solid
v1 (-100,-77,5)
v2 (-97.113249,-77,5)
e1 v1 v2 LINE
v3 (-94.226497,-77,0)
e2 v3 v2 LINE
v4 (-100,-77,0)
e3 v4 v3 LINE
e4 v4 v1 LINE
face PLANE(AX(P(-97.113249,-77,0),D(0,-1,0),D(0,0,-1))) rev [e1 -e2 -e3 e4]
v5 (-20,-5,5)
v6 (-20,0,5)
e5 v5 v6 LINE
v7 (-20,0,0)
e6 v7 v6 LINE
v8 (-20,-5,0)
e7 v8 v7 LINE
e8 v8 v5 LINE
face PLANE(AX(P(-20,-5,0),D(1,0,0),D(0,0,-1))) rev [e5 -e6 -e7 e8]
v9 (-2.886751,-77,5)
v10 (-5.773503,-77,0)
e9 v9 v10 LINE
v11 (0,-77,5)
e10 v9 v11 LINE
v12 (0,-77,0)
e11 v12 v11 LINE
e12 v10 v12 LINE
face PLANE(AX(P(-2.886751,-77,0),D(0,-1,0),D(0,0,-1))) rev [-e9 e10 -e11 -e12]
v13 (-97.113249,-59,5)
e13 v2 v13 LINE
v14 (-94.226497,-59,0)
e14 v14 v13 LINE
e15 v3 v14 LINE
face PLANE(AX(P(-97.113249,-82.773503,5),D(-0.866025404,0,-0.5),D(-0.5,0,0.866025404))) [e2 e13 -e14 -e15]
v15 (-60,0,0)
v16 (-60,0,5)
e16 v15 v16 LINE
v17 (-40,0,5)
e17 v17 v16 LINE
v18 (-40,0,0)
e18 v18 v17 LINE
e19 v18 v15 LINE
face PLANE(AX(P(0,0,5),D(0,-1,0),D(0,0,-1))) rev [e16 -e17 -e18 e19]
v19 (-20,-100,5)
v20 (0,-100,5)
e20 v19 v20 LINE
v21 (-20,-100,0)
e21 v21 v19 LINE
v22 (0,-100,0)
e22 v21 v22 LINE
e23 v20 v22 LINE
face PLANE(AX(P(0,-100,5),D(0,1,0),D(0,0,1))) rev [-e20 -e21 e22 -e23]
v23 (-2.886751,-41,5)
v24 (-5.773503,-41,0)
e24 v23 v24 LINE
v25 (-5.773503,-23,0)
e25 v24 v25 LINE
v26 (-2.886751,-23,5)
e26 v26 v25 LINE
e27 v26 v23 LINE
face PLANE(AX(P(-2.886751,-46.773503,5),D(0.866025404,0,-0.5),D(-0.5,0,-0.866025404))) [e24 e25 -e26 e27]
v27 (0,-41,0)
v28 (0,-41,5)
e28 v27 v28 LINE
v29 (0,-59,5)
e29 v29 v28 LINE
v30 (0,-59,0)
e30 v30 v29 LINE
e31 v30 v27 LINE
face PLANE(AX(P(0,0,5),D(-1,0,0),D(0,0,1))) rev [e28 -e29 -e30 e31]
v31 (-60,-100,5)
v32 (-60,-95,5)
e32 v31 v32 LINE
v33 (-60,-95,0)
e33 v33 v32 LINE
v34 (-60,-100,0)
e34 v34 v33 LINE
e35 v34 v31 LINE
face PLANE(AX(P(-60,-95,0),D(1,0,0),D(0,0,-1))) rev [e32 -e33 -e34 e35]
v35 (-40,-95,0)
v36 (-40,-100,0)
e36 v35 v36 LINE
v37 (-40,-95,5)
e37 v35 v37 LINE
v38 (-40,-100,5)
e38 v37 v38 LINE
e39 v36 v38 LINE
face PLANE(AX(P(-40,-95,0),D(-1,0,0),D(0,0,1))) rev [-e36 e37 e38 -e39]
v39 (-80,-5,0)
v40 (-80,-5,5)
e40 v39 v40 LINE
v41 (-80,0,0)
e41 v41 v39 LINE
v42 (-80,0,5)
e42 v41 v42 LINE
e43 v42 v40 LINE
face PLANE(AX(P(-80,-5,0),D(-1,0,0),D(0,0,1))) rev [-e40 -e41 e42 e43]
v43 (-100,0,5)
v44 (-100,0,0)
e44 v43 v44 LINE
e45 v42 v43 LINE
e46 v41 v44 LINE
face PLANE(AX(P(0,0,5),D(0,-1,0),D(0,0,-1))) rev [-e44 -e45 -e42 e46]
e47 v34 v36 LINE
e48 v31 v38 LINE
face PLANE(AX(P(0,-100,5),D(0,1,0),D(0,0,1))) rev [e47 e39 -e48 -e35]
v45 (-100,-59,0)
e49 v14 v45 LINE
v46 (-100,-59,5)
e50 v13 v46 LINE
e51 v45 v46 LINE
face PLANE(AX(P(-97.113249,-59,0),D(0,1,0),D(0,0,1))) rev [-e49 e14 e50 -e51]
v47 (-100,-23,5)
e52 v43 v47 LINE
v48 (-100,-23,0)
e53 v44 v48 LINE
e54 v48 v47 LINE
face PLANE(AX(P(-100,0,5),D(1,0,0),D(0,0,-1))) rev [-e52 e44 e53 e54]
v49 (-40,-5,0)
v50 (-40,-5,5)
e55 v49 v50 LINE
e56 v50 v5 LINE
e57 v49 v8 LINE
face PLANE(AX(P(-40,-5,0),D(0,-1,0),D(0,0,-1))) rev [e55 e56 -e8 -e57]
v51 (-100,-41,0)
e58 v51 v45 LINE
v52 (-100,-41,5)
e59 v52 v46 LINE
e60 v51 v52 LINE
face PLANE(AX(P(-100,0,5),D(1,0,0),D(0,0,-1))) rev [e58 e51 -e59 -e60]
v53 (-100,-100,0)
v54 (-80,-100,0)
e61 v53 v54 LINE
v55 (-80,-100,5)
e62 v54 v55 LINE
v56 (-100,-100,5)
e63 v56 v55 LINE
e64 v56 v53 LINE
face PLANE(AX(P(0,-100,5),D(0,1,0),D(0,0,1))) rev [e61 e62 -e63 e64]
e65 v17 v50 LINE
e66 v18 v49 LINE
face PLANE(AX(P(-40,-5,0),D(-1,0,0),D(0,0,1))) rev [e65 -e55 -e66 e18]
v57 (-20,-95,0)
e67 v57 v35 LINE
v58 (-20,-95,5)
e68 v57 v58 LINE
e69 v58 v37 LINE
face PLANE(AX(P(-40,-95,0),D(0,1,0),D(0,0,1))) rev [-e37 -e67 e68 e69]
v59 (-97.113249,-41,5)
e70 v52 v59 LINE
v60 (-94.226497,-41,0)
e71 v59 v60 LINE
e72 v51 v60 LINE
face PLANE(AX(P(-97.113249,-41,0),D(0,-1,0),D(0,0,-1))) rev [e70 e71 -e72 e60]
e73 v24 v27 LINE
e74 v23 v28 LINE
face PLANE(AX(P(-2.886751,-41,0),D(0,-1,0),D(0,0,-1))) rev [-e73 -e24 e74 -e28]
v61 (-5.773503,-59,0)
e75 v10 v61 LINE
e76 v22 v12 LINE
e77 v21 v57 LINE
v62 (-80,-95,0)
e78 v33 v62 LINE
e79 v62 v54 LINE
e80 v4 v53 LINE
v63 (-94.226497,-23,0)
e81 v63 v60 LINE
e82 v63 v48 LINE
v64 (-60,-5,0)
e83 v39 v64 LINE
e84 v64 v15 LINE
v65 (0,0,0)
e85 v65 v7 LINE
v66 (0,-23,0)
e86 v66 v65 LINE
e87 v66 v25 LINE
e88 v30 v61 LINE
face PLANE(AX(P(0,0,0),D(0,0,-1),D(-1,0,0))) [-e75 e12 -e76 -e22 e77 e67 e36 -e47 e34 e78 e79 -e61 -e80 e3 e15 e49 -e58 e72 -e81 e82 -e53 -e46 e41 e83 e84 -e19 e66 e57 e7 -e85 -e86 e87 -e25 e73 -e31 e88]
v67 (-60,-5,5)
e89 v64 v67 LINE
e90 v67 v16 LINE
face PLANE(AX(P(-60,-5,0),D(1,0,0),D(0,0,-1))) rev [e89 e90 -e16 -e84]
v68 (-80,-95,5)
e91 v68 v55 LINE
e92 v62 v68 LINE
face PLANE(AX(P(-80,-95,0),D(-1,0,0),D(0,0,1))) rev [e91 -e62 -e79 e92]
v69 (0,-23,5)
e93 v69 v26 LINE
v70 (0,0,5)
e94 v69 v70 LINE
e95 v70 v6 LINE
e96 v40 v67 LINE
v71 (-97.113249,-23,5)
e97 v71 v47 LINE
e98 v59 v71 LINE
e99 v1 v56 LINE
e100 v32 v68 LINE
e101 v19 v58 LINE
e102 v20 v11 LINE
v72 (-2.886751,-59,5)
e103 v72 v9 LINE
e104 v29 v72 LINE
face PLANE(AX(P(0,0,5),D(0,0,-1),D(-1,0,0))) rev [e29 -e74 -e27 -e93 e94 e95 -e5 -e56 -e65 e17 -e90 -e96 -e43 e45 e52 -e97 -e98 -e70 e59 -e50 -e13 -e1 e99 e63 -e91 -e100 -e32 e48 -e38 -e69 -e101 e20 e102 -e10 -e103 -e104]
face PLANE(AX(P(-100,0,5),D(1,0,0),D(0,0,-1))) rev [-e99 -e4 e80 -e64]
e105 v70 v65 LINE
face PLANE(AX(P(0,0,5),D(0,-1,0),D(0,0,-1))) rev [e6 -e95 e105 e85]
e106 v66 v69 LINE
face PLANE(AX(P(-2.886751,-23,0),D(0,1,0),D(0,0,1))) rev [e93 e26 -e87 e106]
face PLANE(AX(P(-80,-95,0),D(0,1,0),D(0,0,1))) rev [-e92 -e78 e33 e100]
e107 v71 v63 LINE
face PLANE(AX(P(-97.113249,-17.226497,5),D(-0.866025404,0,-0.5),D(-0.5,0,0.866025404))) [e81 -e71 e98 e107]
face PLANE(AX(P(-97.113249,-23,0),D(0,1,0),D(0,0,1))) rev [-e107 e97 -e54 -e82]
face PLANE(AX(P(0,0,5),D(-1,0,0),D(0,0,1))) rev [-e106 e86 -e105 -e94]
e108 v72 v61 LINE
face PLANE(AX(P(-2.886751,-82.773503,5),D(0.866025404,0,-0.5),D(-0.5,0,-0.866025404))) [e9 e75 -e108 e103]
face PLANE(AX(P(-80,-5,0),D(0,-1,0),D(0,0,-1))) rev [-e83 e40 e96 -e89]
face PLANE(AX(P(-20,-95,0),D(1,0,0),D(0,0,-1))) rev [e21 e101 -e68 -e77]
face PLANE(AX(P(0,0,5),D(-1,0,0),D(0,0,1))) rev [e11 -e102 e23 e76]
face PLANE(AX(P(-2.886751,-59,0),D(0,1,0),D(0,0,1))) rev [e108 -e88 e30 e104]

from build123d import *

# Parameters (mm, degrees)
ESQUISSE1_W             = 100
ESQUISSE1_H             = 100
BOSS_EXTRU_1_DEPTH      = 5
ESQUISSE2_W             = 20
ESQUISSE2_H             = 5
ENL_V_MAT_EXTRU_1_DEPTH = 142.509716981
ESQUISSE3_W             = 2.886751346
ESQUISSE3_H             = 18
ENL_V_MAT_EXTRU_2_DEPTH = 142.509716981
ENL_V_MAT_EXTRU_5_DEPTH = 18
ENL_V_MAT_EXTRU_6_DEPTH = 18
ENL_V_MAT_EXTRU_7_DEPTH = 18
ENL_V_MAT_EXTRU_8_DEPTH = 18


with BuildPart() as part:
    # Esquisse1 → Boss.-Extru.1 (new body)
    with BuildSketch(Plane.XY):
        with Locations((-50, -50)):
            Rectangle(ESQUISSE1_W, ESQUISSE1_H)
    extrude(amount=BOSS_EXTRU_1_DEPTH)

    # Esquisse2 → Enlèv. mat.-Extru.1 (cut, through all)
    with BuildSketch(Plane.XY.offset(5)):
        with Locations((-70, -2.5)):
            Rectangle(ESQUISSE2_W, ESQUISSE2_H)
        with Locations((-30, -2.5)):
            Rectangle(ESQUISSE2_W, ESQUISSE2_H)
        with Locations((-30, -97.5)):
            Rectangle(ESQUISSE2_W, ESQUISSE2_H)
        with Locations((-70, -97.5)):
            Rectangle(ESQUISSE2_W, ESQUISSE2_H)
    extrude(amount=-ENL_V_MAT_EXTRU_1_DEPTH, mode=Mode.SUBTRACT)

    # Esquisse3 → Enlèv. mat.-Extru.2 (cut, through all)
    with BuildSketch(Plane.XY.offset(5)):
        with Locations((-98.556624327, -32)):
            Rectangle(ESQUISSE3_W, ESQUISSE3_H)
        with Locations((-98.556624327, -68)):
            Rectangle(ESQUISSE3_W, ESQUISSE3_H)
        with Locations((-1.443375673, -68)):
            Rectangle(ESQUISSE3_W, ESQUISSE3_H)
        with Locations((-1.443375673, -32)):
            Rectangle(ESQUISSE3_W, ESQUISSE3_H)
    extrude(amount=-ENL_V_MAT_EXTRU_2_DEPTH, mode=Mode.SUBTRACT)

    # Esquisse5 → Enlèv. mat.-Extru.5 (cut)
    with BuildSketch(Plane.XZ.offset(59)):
        Polygon((-97.113248654, 0), (-97.113248654, 5), (-94.226497308, 0), align=None)
    extrude(amount=ENL_V_MAT_EXTRU_5_DEPTH, mode=Mode.SUBTRACT)

    # Esquisse6 → Enlèv. mat.-Extru.6 (cut)
    with BuildSketch(Plane(origin=(0, -41, 0), x_dir=(1, 0, 0), z_dir=(0, 1, 0))):
        Polygon((-97.113248654, 0), (-97.113248654, -5), (-94.226497308, 0), align=None)
    extrude(amount=ENL_V_MAT_EXTRU_6_DEPTH, mode=Mode.SUBTRACT)

    # Esquisse7 → Enlèv. mat.-Extru.7 (cut)
    with BuildSketch(Plane.XZ.offset(59)):
        Polygon((-2.886751346, 0), (-2.886751346, 5), (-5.773502692, 0), align=None)
    extrude(amount=ENL_V_MAT_EXTRU_7_DEPTH, mode=Mode.SUBTRACT)

    # Esquisse8 → Enlèv. mat.-Extru.8 (cut)
    with BuildSketch(Plane.XZ.offset(23)):
        Polygon((-2.886751346, 0), (-2.886751346, 5), (-5.773502692, 0), align=None)
    extrude(amount=ENL_V_MAT_EXTRU_8_DEPTH, mode=Mode.SUBTRACT)


solid = part.part
